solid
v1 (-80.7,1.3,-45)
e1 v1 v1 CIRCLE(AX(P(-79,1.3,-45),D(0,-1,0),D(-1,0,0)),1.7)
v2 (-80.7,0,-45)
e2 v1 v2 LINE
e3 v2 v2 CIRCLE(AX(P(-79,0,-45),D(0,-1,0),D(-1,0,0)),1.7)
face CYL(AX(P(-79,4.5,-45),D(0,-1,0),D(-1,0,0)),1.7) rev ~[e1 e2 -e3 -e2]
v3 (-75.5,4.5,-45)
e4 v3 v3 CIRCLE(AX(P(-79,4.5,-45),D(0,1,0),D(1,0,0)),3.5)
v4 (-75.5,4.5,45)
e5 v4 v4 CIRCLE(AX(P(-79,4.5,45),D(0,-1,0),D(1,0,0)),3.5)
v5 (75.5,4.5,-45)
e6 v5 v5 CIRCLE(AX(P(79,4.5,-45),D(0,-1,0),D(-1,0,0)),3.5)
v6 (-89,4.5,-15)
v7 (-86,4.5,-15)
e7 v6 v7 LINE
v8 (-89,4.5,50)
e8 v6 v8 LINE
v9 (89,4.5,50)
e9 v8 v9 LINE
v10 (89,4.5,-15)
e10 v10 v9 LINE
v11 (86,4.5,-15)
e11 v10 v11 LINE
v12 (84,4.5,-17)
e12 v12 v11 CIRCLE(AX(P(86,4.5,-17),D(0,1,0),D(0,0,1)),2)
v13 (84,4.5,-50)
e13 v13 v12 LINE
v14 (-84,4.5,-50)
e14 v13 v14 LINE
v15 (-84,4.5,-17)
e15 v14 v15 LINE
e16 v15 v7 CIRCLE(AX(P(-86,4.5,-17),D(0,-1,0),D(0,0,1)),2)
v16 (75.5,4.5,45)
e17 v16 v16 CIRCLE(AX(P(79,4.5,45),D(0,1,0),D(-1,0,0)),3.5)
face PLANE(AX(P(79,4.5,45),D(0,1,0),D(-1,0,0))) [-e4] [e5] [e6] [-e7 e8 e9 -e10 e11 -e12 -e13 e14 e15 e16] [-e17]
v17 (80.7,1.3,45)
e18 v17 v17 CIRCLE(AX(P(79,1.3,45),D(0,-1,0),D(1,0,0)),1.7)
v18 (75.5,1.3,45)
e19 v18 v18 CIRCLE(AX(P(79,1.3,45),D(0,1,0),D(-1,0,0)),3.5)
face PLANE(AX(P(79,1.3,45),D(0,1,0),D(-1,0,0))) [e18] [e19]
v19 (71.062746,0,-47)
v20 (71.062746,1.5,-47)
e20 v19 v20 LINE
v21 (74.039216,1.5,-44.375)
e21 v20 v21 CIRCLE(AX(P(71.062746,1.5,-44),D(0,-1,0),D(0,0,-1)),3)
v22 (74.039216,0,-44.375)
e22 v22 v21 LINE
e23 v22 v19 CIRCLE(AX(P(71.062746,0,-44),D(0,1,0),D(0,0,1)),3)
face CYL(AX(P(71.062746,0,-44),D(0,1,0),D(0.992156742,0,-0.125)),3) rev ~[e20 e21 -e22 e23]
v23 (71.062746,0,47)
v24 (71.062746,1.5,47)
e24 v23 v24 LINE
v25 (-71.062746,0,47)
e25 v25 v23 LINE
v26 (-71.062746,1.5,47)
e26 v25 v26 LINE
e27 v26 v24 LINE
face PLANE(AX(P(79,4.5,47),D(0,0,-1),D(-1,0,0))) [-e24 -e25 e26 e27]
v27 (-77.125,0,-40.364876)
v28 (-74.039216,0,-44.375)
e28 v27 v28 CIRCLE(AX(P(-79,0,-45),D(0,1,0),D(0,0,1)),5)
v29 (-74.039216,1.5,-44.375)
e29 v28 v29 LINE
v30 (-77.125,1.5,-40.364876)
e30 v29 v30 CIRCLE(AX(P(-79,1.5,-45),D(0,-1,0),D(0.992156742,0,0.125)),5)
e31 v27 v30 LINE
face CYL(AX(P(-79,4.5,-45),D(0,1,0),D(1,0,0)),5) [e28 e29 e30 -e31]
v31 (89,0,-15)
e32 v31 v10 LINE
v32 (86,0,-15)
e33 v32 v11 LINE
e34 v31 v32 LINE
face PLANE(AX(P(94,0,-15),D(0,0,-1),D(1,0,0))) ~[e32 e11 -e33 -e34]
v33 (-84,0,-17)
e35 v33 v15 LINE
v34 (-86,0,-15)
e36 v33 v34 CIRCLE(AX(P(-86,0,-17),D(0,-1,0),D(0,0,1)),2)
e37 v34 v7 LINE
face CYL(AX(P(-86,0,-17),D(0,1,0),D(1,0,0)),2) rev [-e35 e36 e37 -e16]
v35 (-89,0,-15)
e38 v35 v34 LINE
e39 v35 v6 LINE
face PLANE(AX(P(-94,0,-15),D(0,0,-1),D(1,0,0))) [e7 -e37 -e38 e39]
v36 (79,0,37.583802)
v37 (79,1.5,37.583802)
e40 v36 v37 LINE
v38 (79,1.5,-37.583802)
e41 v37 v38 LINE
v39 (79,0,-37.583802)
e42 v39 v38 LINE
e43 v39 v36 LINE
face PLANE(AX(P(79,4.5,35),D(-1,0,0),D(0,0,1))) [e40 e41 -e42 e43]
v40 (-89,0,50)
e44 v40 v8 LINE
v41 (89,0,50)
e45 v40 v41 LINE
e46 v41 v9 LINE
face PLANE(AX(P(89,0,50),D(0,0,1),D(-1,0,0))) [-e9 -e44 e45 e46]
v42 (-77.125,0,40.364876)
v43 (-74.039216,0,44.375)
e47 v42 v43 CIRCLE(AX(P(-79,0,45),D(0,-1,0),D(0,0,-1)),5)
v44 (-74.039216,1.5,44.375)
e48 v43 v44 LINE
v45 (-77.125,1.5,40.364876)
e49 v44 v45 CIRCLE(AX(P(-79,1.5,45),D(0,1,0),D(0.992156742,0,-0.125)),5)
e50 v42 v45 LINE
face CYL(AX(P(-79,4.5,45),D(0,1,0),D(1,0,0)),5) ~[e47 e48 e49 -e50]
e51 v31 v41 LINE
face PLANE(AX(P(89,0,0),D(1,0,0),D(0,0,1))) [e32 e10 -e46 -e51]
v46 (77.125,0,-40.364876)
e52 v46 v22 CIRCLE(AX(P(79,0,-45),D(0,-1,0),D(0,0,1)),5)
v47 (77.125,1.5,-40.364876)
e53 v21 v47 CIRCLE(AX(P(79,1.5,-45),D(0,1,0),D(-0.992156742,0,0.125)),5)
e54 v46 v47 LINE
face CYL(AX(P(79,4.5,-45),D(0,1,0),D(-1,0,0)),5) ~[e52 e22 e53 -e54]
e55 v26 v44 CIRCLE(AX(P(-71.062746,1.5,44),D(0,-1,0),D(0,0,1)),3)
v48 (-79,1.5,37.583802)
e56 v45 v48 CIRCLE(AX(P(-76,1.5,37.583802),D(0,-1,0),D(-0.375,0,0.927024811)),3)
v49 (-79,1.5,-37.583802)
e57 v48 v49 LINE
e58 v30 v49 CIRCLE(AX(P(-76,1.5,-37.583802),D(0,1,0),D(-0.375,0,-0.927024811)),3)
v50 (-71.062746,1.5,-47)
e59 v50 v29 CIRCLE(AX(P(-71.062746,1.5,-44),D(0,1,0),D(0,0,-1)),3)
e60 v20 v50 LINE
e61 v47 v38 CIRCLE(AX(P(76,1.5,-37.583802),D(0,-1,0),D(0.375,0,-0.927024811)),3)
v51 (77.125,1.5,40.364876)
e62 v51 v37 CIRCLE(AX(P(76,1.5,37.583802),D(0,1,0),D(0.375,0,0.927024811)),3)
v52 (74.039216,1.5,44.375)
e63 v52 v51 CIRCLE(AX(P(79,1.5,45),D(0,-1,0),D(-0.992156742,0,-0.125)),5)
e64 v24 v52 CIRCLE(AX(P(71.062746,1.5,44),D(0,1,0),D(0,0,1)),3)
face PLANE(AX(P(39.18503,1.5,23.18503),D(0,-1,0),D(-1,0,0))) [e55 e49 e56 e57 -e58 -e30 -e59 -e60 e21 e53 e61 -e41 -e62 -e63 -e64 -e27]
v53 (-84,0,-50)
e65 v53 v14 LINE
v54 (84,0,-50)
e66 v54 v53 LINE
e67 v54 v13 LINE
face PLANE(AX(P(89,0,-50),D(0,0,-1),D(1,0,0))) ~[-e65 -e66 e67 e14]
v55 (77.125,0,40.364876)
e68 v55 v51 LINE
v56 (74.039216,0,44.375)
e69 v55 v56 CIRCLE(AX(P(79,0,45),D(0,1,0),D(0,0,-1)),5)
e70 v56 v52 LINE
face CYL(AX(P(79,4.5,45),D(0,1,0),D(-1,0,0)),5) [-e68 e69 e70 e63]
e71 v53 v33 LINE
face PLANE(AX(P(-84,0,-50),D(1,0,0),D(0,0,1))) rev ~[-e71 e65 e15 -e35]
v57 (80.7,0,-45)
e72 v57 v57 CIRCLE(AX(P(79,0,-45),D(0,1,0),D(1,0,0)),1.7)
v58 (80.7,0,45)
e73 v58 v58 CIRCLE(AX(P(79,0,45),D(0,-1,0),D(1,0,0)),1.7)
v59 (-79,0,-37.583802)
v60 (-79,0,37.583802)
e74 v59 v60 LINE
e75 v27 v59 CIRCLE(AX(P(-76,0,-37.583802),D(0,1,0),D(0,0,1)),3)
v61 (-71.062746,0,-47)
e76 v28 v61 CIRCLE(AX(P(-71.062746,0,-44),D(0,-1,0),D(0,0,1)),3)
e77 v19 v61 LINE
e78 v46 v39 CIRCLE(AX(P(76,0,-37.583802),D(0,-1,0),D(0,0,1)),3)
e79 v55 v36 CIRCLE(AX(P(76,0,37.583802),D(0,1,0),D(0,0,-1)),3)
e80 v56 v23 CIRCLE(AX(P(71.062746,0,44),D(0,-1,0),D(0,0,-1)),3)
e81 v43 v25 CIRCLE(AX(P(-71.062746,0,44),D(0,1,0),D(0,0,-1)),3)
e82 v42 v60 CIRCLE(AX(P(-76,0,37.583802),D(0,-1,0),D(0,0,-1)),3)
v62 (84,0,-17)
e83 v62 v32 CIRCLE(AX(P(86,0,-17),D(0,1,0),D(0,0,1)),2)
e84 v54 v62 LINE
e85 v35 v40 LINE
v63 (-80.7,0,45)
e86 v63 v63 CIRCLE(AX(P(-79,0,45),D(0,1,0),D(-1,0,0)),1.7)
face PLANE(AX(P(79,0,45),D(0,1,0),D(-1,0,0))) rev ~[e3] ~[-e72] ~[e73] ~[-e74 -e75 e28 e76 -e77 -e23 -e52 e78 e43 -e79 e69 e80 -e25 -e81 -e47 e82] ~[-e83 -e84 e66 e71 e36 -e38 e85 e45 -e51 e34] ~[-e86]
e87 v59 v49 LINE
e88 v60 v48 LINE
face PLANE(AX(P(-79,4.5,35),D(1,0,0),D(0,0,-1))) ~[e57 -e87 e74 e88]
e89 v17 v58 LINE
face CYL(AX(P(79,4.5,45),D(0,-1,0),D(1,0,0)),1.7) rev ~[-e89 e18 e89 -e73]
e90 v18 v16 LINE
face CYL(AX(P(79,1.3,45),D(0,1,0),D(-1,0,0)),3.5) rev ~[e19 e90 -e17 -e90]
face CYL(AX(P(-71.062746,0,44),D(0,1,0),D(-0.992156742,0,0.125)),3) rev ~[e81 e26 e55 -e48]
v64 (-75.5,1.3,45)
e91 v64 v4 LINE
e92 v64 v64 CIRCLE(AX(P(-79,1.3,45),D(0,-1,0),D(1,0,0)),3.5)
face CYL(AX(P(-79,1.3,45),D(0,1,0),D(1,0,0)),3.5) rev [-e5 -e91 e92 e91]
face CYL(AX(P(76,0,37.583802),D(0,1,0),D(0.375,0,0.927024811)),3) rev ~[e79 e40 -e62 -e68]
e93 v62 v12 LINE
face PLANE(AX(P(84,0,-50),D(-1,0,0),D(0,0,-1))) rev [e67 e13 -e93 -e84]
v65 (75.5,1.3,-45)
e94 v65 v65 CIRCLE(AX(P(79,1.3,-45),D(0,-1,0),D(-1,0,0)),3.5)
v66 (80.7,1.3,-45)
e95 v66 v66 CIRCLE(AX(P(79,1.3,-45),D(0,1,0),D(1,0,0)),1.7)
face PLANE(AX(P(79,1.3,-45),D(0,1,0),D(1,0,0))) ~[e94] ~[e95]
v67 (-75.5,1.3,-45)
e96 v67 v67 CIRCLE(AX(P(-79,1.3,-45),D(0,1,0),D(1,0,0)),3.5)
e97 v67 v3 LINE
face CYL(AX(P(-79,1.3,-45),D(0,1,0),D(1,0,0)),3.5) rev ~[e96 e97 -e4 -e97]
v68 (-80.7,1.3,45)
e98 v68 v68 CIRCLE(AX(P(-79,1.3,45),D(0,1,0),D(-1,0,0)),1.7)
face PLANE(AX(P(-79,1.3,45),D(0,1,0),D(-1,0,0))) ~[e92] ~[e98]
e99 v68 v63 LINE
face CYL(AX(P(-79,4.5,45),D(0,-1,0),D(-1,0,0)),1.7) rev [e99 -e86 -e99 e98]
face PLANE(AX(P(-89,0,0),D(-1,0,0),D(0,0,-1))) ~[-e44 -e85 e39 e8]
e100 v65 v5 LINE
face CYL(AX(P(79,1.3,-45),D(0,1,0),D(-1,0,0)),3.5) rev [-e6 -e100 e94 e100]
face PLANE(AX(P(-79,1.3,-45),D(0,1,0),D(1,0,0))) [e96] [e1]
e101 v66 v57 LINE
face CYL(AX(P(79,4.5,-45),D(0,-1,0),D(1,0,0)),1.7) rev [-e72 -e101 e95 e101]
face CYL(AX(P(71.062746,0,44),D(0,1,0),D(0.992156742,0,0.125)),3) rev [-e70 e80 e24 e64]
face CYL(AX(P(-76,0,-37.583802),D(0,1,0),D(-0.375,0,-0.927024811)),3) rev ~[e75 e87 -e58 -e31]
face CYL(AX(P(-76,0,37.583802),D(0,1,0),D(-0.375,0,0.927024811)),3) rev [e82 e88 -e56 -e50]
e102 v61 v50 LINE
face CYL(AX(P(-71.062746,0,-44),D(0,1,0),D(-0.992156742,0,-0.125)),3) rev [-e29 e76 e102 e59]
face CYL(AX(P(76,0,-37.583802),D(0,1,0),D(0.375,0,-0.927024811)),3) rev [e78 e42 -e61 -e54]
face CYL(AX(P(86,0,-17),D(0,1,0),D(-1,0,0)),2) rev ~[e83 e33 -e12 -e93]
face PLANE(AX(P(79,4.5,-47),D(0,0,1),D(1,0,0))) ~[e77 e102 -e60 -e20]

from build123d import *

# Parameters (mm, degrees)
SKIZZE1_W                                            = 89
SKIZZE1_H                                            = 50
AUFSATZ_LINEAR_AUSTRAGEN1_DEPTH                      = 4.5
SKIZZE3_W                                            = 16
SKIZZE3_H                                            = 12
SCHNITT_LINEAR_AUSTRAGEN2_DEPTH                      = 5.5
VERRUNDUNG1_R                                        = 2
LINEARES_MUSTER1_COUNT                               = 3
LINEARES_MUSTER1_PITCH                               = 16
LINEARES_MUSTER1_COUNT_DIR2                          = 4
LINEARES_MUSTER1_PITCH_DIR2                          = 20
VERRUNDUNG1_OF_LINEARES_MUSTER1_R                    = 2
SKIZZE2_R                                            = 5
AUFSATZ_LINEAR_AUSTRAGEN2_DEPTH                      = 4.5
STIRNSENKUNG_F_R_M3_FLACHKOPFSCHRAUBE_MI_D           = 3.4
STIRNSENKUNG_F_R_M3_FLACHKOPFSCHRAUBE_MI_CBORE_D     = 7
STIRNSENKUNG_F_R_M3_FLACHKOPFSCHRAUBE_MI_CBORE_DEPTH = 3.2
VERRUNDUNG3_R                                        = 3
SCHNITT_LINEAR_AUSTRAGEN3_DEPTH                      = 1.5
AUFSATZ_LINEAR_AUSTRAGEN3_DEPTH                      = 3
SKIZZE8_W                                            = 10
SKIZZE8_H                                            = 35
SCHNITT_LINEAR_AUSTRAGEN4_DEPTH                      = 5.5
VERRUNDUNG4_R                                        = 2


with BuildPart() as part:
    # Skizze1 → Aufsatz-Linear austragen1 (new body)
    with BuildSketch(Plane(origin=(0, 0, 0), x_dir=(1, 0, 0), z_dir=(0, 1, 0))):
        with Locations((-44.5, 25)):
            Rectangle(SKIZZE1_W, SKIZZE1_H)
    extrude(amount=AUFSATZ_LINEAR_AUSTRAGEN1_DEPTH)

    # Skizze3 → Schnitt-Linear austragen2 (cut, through all)
    with BuildSketch(Plane(origin=(0, 4.5, 0), x_dir=(1, 0, 0), z_dir=(0, 1, 0))):
        with Locations((-11, 9)):
            Rectangle(SKIZZE3_W, SKIZZE3_H)
    schnitt_linear_austragen2 = extrude(amount=-SCHNITT_LINEAR_AUSTRAGEN2_DEPTH, mode=Mode.SUBTRACT)

    # Verrundung1
    verrundung1_edges = [part.edges().sort_by_distance(p)[0] for p in [
        (-3, 2.25, -15),
        (-3, 2.25, -3),
        (-19, 2.25, -3),
        (-19, 2.25, -15),
    ]]
    fillet(verrundung1_edges, radius=VERRUNDUNG1_R)

    # Lineares Muster1: Schnitt-Linear austragen2 3 × 4
    with Locations(*[(-j * LINEARES_MUSTER1_PITCH_DIR2, 0, -i * LINEARES_MUSTER1_PITCH) for i in range(LINEARES_MUSTER1_COUNT) for j in range(LINEARES_MUSTER1_COUNT_DIR2) if (i, j) != (0, 0)]):
        add(schnitt_linear_austragen2, mode=Mode.SUBTRACT)

    # Verrundung1 of Lineares Muster1
    verrundung1_of_lineares_muster1_edges = [part.edges().sort_by_distance(p)[0] for p in [
        (-23, 2.25, -15),
        (-23, 2.25, -3),
        (-39, 2.25, -3),
        (-39, 2.25, -15),
        (-43, 2.25, -15),
        (-43, 2.25, -3),
        (-59, 2.25, -3),
        (-59, 2.25, -15),
        (-63, 2.25, -15),
        (-63, 2.25, -3),
        (-79, 2.25, -3),
        (-79, 2.25, -15),
        (-3, 2.25, -31),
        (-3, 2.25, -19),
        (-19, 2.25, -19),
        (-19, 2.25, -31),
        (-23, 2.25, -31),
        (-23, 2.25, -19),
        (-39, 2.25, -19),
        (-39, 2.25, -31),
        (-43, 2.25, -31),
        (-43, 2.25, -19),
        (-59, 2.25, -19),
        (-59, 2.25, -31),
        (-63, 2.25, -31),
        (-63, 2.25, -19),
        (-79, 2.25, -19),
        (-79, 2.25, -31),
        (-3, 2.25, -47),
        (-3, 2.25, -35),
        (-19, 2.25, -35),
        (-19, 2.25, -47),
        (-23, 2.25, -47),
        (-23, 2.25, -35),
        (-39, 2.25, -35),
        (-39, 2.25, -47),
        (-43, 2.25, -47),
        (-43, 2.25, -35),
        (-59, 2.25, -35),
        (-59, 2.25, -47),
        (-63, 2.25, -47),
        (-63, 2.25, -35),
        (-79, 2.25, -35),
        (-79, 2.25, -47),
    ]]
    fillet(verrundung1_of_lineares_muster1_edges, radius=VERRUNDUNG1_OF_LINEARES_MUSTER1_R)

    # Skizze2 → Aufsatz-Linear austragen2 (add)
    with BuildSketch(Plane(origin=(0, 4.5, 0), x_dir=(1, 0, 0), z_dir=(0, 1, 0))):
        with Locations((-79, 45)):
            Circle(SKIZZE2_R)
    extrude(amount=-AUFSATZ_LINEAR_AUSTRAGEN2_DEPTH)

    # Stirnsenkung für M3 Flachkopfschraube mit Schlitz1 (through all)
    with Locations(Plane(origin=(0, 4.5, 0), x_dir=(1, 0, 0), z_dir=(0, 1, 0))):
        with Locations((-79, 45)):
            CounterBoreHole(STIRNSENKUNG_F_R_M3_FLACHKOPFSCHRAUBE_MI_D / 2, STIRNSENKUNG_F_R_M3_FLACHKOPFSCHRAUBE_MI_CBORE_D / 2, STIRNSENKUNG_F_R_M3_FLACHKOPFSCHRAUBE_MI_CBORE_DEPTH)

    # Verrundung3
    verrundung3_edges = [part.edges().sort_by_distance(p)[0] for p in [
        (-74.417424305, 2.25, -47),
        (-79, 2.25, -40),
    ]]
    fillet(verrundung3_edges, radius=VERRUNDUNG3_R)

    # Skizze6 → Schnitt-Linear austragen3 (cut)
    with BuildSketch(Plane.XZ):
        Polygon((0, 0), (-79, 0), (-79, -37), (-71.062746067, -37), (-71.062746067, -47), (0, -47), align=None)
    extrude(amount=-SCHNITT_LINEAR_AUSTRAGEN3_DEPTH, mode=Mode.SUBTRACT)

    # Skizze7 → Aufsatz-Linear austragen3 (add)
    with BuildSketch(Plane.XZ.offset(-1.5)):
        with BuildLine():
            Line((-79, 0), (0, 0))
            Line((0, 0), (0, -47))
            Line((0, -47), (-71.062746067, -47))
            ThreePointArc((-71.062746067, -47), (-73.04705955, -46.25), (-74.039216292, -44.375))
            ThreePointArc((-74.039216292, -44.375), (-75.037392467, -41.950780175), (-77.125, -40.364875946))
            ThreePointArc((-77.125, -40.364875946), (-78.487468593, -39.260852496), (-79, -37.583801513))
            Line((-79, -37.583801513), (-79, 0))
        make_face()
    extrude(amount=-AUFSATZ_LINEAR_AUSTRAGEN3_DEPTH)

    # Spiegeln1: part across plane


with BuildPart() as part_1:
    add(part.part)
    add(part.part.mirror(Plane(origin=(0, 4.5, 0), x_dir=(1, 0, 0), z_dir=(0, 0, -1))))

    # Skizze8 → Schnitt-Linear austragen4 (cut, through all)
    with BuildSketch(Plane.XZ):
        with Locations((-89, -32.5)):
            Rectangle(SKIZZE8_W, SKIZZE8_H)
    extrude(amount=-SCHNITT_LINEAR_AUSTRAGEN4_DEPTH, mode=Mode.SUBTRACT)

    # Verrundung4
    verrundung4_edges = [part_1.edges().sort_by_distance(p)[0] for p in [
        (-84, 2.25, -15),
    ]]
    fillet(verrundung4_edges, radius=VERRUNDUNG4_R)

    # Spiegeln2: part across plane


with BuildPart() as part_2:
    add(part_1.part)
    add(part_1.part.mirror(Plane(origin=(0, 4.5, 0), x_dir=(0, 0, 1), z_dir=(-1, 0, 0))))


solid = part_2.part
